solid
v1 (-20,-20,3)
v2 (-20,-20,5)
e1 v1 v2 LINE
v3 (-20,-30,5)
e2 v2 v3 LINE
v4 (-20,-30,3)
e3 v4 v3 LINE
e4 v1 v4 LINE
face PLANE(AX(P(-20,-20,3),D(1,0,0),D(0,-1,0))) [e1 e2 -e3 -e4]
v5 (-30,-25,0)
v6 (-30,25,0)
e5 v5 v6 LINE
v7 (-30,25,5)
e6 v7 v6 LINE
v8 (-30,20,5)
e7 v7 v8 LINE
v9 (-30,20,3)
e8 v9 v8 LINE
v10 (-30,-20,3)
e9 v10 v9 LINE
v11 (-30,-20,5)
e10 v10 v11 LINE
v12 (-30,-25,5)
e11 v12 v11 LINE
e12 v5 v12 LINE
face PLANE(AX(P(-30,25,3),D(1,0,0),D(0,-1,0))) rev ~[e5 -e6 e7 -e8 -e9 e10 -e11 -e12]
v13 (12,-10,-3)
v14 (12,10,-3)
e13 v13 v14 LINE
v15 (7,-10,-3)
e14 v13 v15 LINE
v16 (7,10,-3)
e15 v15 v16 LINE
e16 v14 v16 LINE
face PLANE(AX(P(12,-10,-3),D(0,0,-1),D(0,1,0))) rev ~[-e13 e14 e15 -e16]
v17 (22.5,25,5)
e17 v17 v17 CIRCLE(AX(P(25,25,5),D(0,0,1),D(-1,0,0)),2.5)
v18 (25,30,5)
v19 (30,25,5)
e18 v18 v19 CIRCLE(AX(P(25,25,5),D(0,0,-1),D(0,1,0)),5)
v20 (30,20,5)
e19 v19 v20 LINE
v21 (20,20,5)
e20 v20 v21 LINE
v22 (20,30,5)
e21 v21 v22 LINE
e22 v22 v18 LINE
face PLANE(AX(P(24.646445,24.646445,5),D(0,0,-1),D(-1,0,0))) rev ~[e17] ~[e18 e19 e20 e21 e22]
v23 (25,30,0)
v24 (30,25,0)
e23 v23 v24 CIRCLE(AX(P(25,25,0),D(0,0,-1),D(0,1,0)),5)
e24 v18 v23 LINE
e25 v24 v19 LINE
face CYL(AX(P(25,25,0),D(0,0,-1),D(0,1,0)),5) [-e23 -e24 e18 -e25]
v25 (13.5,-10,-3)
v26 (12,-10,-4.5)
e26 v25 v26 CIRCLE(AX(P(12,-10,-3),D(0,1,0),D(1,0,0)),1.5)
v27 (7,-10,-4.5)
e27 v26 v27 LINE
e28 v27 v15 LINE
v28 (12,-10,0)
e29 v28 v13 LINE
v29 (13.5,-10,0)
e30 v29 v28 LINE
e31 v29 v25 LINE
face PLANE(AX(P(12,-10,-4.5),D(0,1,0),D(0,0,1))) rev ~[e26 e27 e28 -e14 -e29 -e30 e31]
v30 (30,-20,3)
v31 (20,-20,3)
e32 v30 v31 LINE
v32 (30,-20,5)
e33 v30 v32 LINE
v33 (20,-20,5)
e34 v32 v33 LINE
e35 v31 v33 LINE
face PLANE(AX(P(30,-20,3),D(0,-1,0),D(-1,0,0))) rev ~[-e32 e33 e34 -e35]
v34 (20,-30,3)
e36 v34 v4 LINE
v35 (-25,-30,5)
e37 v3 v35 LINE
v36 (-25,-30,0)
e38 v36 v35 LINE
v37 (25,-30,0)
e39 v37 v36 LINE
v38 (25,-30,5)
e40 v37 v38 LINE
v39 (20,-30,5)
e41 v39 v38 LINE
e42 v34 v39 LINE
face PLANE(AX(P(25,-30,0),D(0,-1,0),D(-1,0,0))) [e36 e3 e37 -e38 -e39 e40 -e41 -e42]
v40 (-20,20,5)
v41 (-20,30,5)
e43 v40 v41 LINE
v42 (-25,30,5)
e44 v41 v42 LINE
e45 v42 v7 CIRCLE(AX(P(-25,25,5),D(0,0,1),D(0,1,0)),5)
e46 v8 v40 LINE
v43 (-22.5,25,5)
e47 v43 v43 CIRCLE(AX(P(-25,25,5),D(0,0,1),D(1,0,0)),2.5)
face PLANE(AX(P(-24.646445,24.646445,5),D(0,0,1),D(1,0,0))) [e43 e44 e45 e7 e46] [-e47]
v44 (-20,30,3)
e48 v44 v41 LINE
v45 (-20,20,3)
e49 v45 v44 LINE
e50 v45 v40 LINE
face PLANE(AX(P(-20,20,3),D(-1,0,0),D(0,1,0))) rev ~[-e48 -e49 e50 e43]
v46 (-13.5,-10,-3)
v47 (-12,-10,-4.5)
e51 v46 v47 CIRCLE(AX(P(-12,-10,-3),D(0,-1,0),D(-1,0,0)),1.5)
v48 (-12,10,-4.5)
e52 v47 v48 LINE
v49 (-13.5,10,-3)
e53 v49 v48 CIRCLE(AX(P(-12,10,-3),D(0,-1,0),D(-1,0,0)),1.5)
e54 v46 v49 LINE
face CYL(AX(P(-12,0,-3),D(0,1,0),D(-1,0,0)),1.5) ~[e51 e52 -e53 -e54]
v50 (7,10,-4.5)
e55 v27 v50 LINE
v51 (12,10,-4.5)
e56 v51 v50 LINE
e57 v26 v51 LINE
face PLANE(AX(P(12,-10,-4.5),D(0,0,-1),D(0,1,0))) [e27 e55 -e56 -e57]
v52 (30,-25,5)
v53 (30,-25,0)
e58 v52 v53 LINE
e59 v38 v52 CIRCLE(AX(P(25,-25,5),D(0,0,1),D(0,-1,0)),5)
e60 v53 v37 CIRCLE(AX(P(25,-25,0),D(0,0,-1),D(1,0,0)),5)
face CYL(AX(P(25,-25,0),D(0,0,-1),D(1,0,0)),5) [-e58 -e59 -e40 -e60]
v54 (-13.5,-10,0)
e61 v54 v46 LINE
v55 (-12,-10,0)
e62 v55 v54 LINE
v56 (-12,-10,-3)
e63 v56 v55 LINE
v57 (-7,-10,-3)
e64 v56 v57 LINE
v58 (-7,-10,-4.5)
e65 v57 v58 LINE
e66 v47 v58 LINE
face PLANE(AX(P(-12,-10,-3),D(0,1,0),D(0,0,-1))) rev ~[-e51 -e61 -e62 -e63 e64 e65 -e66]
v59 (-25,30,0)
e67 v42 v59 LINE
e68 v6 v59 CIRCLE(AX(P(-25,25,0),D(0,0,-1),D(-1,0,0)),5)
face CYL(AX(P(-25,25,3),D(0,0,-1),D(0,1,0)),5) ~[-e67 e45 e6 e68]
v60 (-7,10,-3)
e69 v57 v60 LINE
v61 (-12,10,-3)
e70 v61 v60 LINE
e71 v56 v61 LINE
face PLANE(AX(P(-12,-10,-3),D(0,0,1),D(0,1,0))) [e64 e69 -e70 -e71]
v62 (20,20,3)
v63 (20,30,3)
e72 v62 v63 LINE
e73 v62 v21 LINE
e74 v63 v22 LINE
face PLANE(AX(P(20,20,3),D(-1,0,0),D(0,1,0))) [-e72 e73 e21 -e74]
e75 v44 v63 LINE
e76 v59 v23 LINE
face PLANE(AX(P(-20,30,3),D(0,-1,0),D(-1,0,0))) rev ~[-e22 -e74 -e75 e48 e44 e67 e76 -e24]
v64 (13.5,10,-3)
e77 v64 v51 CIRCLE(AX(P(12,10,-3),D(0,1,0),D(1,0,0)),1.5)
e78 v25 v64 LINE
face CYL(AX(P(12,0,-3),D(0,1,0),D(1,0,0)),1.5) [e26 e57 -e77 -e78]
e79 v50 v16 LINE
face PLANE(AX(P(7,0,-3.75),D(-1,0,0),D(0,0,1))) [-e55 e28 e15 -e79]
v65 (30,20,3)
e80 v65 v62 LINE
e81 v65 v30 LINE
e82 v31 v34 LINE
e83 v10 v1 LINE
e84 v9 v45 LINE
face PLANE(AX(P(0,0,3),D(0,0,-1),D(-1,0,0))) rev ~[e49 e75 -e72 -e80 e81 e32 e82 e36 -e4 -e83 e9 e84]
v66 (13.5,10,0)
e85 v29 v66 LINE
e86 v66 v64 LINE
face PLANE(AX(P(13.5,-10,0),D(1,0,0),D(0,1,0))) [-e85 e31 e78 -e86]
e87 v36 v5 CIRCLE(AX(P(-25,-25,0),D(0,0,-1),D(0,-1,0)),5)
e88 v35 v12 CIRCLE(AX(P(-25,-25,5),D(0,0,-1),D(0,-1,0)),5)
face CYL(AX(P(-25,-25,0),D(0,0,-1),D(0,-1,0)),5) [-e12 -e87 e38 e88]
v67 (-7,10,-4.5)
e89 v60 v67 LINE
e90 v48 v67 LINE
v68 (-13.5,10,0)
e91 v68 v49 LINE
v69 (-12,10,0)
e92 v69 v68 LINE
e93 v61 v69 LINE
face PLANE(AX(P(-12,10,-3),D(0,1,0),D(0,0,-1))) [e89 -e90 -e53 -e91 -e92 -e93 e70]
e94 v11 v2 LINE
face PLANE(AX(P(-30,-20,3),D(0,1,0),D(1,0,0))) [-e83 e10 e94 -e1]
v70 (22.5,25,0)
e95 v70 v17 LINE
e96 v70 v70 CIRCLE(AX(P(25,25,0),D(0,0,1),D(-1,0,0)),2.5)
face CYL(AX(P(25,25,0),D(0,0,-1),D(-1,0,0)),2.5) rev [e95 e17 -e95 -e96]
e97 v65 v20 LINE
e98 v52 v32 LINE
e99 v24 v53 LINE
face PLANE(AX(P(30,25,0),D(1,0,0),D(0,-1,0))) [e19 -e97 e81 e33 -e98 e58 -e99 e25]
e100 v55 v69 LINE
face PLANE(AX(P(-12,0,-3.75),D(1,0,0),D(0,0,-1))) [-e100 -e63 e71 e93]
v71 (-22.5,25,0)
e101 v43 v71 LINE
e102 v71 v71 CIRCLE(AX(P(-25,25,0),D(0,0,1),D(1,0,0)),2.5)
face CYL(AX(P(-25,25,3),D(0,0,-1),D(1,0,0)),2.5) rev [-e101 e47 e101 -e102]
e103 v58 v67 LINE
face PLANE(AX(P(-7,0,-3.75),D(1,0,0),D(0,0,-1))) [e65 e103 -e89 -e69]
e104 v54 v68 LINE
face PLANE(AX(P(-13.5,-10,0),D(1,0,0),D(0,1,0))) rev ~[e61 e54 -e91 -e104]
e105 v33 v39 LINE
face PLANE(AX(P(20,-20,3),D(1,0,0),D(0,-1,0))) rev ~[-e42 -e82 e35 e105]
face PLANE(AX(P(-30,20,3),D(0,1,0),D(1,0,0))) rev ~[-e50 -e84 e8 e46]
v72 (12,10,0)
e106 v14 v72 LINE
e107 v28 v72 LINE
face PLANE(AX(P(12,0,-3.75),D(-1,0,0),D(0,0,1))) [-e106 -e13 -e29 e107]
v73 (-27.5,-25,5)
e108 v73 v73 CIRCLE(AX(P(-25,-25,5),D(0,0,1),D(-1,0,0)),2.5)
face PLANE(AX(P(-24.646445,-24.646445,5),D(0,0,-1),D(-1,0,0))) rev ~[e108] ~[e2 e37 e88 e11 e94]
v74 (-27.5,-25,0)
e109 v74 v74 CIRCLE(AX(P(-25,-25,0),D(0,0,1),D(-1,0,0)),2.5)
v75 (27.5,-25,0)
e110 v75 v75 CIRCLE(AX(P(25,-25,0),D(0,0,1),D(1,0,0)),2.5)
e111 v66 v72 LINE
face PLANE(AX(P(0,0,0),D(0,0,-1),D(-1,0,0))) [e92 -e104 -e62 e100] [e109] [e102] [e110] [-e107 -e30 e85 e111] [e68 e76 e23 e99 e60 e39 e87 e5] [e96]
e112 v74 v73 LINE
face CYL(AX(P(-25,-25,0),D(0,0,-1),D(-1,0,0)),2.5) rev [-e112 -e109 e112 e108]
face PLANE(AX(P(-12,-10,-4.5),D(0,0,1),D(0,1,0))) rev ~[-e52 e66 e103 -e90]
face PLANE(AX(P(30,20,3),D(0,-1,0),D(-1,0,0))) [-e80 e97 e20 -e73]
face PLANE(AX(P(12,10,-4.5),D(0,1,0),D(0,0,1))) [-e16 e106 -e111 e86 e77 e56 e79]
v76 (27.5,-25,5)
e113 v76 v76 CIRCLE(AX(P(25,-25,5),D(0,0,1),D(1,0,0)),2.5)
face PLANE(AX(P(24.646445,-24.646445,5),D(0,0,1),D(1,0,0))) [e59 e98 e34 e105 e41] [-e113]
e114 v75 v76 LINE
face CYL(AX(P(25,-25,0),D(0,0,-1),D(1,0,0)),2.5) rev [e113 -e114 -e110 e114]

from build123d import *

# Parameters (mm, degrees)
SKETCH_1_R      = 2.5
EXTRUDE_1_DEPTH = 3
SKETCH_2_R      = 2.5
EXTRUDE_2_DEPTH = 2
SKETCH_3_W      = 1.5
SKETCH_3_H      = 20
EXTRUDE_4_DEPTH = 3
SKETCH_5_W      = 1.5
SKETCH_5_H      = 20
REVOLVE_2_ANGLE = 90
SKETCH_6_W      = 1.5
SKETCH_6_H      = 20
EXTRUDE_5_DEPTH = 5
SKETCH_8_W      = 1.5
SKETCH_8_H      = 20
REVOLVE_3_ANGLE = 90
SKETCH_9_W      = 1.5
SKETCH_9_H      = 20
EXTRUDE_6_DEPTH = 5


with BuildPart() as part:
    # 草图1 → 凸台-拉伸1 (new body)
    with BuildSketch(Plane.XY):
        with BuildLine():
            Line((-25, 30), (25, 30))
            ThreePointArc((25, 30), (28.535533906, 28.535533906), (30, 25))
            Line((30, 25), (30, -25))
            ThreePointArc((30, -25), (28.535533906, -28.535533906), (25, -30))
            Line((25, -30), (-25, -30))
            ThreePointArc((-25, -30), (-28.535533906, -28.535533906), (-30, -25))
            Line((-30, -25), (-30, 25))
            ThreePointArc((-30, 25), (-28.535533906, 28.535533906), (-25, 30))
        make_face()
        with Locations((-25, 25)):
            Circle(SKETCH_1_R, mode=Mode.SUBTRACT)
        with Locations(Location((25, 25, 0), (0, 0, 180))):
            Circle(SKETCH_1_R, mode=Mode.SUBTRACT)
        with Locations((25, -25)):
            Circle(SKETCH_1_R, mode=Mode.SUBTRACT)
        with Locations(Location((-25, -25, 0), (0, 0, 180))):
            Circle(SKETCH_1_R, mode=Mode.SUBTRACT)
    extrude(amount=EXTRUDE_1_DEPTH)

    # 草图2 → 凸台-拉伸2 (add)
    # profile 1 of 4: a face of its own
    with BuildSketch(Plane.XY.offset(3)):
        with BuildLine():
            Line((-30, 25), (-30, 20))
            Line((-30, 20), (-20, 20))
            Line((-20, 20), (-20, 30))
            Line((-20, 30), (-25, 30))
            ThreePointArc((-25, 30), (-28.535533906, 28.535533906), (-30, 25))
        make_face()
        with Locations((-25, 25)):
            Circle(SKETCH_2_R, mode=Mode.SUBTRACT)
    # profile 2 of 4: a face of its own
    with BuildSketch(Plane.XY.offset(3)):
        with BuildLine():
            Line((20, 30), (25, 30))
            ThreePointArc((25, 30), (28.535533906, 28.535533906), (30, 25))
            Line((30, 25), (30, 20))
            Line((30, 20), (20, 20))
            Line((20, 20), (20, 30))
        make_face()
        with Locations(Location((25, 25, 0), (0, 0, 180))):
            Circle(SKETCH_2_R, mode=Mode.SUBTRACT)
    # profile 3 of 4: a face of its own
    with BuildSketch(Plane.XY.offset(3)):
        with BuildLine():
            Line((30, -25), (30, -20))
            Line((30, -20), (20, -20))
            Line((20, -20), (20, -30))
            Line((20, -30), (25, -30))
            ThreePointArc((25, -30), (28.535533906, -28.535533906), (30, -25))
        make_face()
        with Locations((25, -25)):
            Circle(SKETCH_2_R, mode=Mode.SUBTRACT)
    # profile 4 of 4: a face of its own
    with BuildSketch(Plane.XY.offset(3)):
        with BuildLine():
            Line((-20, -30), (-25, -30))
            ThreePointArc((-25, -30), (-28.535533906, -28.535533906), (-30, -25))
            Line((-30, -25), (-30, -20))
            Line((-30, -20), (-20, -20))
            Line((-20, -20), (-20, -30))
        make_face()
        with Locations(Location((-25, -25, 0), (0, 0, 180))):
            Circle(SKETCH_2_R, mode=Mode.SUBTRACT)
    extrude(amount=EXTRUDE_2_DEPTH)

    # 草图3 → 凸台-拉伸4 (add)
    with BuildSketch(Plane(origin=(0, 0, 0), x_dir=(-1, 0, 0), z_dir=(0, 0, -1))):
        with Locations((-12.75, 0)):
            Rectangle(SKETCH_3_W, SKETCH_3_H)
        with Locations((12.75, 0)):
            Rectangle(SKETCH_3_W, SKETCH_3_H)
    extrude(amount=EXTRUDE_4_DEPTH)

    # 草图5 → 旋转2 (revolve)
    with BuildSketch(Plane(origin=(0, 0, -3), x_dir=(-1, 0, 0), z_dir=(0, 0, -1))):
        with Locations((-12.75, 0)):
            Rectangle(SKETCH_5_W, SKETCH_5_H)
    revolve(axis=Axis((12, 10, -3), (0, 1, 0)), revolution_arc=REVOLVE_2_ANGLE)

    # 草图6 → 凸台-拉伸5 (add)
    with BuildSketch(Plane.ZY.offset(-12)):
        with Locations((-3.75, 0)):
            Rectangle(SKETCH_6_W, SKETCH_6_H)
    extrude(amount=EXTRUDE_5_DEPTH)

    # 草图8 → 旋转3 (revolve)
    with BuildSketch(Plane(origin=(0, 0, -3), x_dir=(-1, 0, 0), z_dir=(0, 0, -1))):
        with Locations((12.75, 0)):
            Rectangle(SKETCH_8_W, SKETCH_8_H)
    revolve(axis=Axis((-12, 10, -3), (0, -1, 0)), revolution_arc=REVOLVE_3_ANGLE)

    # 草图9 → 凸台-拉伸6 (add)
    with BuildSketch(Plane(origin=(-12, 0, 0), x_dir=(0, 0, -1), z_dir=(1, 0, 0))):
        with Locations((3.75, 0)):
            Rectangle(SKETCH_9_W, SKETCH_9_H)
    extrude(amount=EXTRUDE_6_DEPTH)


solid = part.part
